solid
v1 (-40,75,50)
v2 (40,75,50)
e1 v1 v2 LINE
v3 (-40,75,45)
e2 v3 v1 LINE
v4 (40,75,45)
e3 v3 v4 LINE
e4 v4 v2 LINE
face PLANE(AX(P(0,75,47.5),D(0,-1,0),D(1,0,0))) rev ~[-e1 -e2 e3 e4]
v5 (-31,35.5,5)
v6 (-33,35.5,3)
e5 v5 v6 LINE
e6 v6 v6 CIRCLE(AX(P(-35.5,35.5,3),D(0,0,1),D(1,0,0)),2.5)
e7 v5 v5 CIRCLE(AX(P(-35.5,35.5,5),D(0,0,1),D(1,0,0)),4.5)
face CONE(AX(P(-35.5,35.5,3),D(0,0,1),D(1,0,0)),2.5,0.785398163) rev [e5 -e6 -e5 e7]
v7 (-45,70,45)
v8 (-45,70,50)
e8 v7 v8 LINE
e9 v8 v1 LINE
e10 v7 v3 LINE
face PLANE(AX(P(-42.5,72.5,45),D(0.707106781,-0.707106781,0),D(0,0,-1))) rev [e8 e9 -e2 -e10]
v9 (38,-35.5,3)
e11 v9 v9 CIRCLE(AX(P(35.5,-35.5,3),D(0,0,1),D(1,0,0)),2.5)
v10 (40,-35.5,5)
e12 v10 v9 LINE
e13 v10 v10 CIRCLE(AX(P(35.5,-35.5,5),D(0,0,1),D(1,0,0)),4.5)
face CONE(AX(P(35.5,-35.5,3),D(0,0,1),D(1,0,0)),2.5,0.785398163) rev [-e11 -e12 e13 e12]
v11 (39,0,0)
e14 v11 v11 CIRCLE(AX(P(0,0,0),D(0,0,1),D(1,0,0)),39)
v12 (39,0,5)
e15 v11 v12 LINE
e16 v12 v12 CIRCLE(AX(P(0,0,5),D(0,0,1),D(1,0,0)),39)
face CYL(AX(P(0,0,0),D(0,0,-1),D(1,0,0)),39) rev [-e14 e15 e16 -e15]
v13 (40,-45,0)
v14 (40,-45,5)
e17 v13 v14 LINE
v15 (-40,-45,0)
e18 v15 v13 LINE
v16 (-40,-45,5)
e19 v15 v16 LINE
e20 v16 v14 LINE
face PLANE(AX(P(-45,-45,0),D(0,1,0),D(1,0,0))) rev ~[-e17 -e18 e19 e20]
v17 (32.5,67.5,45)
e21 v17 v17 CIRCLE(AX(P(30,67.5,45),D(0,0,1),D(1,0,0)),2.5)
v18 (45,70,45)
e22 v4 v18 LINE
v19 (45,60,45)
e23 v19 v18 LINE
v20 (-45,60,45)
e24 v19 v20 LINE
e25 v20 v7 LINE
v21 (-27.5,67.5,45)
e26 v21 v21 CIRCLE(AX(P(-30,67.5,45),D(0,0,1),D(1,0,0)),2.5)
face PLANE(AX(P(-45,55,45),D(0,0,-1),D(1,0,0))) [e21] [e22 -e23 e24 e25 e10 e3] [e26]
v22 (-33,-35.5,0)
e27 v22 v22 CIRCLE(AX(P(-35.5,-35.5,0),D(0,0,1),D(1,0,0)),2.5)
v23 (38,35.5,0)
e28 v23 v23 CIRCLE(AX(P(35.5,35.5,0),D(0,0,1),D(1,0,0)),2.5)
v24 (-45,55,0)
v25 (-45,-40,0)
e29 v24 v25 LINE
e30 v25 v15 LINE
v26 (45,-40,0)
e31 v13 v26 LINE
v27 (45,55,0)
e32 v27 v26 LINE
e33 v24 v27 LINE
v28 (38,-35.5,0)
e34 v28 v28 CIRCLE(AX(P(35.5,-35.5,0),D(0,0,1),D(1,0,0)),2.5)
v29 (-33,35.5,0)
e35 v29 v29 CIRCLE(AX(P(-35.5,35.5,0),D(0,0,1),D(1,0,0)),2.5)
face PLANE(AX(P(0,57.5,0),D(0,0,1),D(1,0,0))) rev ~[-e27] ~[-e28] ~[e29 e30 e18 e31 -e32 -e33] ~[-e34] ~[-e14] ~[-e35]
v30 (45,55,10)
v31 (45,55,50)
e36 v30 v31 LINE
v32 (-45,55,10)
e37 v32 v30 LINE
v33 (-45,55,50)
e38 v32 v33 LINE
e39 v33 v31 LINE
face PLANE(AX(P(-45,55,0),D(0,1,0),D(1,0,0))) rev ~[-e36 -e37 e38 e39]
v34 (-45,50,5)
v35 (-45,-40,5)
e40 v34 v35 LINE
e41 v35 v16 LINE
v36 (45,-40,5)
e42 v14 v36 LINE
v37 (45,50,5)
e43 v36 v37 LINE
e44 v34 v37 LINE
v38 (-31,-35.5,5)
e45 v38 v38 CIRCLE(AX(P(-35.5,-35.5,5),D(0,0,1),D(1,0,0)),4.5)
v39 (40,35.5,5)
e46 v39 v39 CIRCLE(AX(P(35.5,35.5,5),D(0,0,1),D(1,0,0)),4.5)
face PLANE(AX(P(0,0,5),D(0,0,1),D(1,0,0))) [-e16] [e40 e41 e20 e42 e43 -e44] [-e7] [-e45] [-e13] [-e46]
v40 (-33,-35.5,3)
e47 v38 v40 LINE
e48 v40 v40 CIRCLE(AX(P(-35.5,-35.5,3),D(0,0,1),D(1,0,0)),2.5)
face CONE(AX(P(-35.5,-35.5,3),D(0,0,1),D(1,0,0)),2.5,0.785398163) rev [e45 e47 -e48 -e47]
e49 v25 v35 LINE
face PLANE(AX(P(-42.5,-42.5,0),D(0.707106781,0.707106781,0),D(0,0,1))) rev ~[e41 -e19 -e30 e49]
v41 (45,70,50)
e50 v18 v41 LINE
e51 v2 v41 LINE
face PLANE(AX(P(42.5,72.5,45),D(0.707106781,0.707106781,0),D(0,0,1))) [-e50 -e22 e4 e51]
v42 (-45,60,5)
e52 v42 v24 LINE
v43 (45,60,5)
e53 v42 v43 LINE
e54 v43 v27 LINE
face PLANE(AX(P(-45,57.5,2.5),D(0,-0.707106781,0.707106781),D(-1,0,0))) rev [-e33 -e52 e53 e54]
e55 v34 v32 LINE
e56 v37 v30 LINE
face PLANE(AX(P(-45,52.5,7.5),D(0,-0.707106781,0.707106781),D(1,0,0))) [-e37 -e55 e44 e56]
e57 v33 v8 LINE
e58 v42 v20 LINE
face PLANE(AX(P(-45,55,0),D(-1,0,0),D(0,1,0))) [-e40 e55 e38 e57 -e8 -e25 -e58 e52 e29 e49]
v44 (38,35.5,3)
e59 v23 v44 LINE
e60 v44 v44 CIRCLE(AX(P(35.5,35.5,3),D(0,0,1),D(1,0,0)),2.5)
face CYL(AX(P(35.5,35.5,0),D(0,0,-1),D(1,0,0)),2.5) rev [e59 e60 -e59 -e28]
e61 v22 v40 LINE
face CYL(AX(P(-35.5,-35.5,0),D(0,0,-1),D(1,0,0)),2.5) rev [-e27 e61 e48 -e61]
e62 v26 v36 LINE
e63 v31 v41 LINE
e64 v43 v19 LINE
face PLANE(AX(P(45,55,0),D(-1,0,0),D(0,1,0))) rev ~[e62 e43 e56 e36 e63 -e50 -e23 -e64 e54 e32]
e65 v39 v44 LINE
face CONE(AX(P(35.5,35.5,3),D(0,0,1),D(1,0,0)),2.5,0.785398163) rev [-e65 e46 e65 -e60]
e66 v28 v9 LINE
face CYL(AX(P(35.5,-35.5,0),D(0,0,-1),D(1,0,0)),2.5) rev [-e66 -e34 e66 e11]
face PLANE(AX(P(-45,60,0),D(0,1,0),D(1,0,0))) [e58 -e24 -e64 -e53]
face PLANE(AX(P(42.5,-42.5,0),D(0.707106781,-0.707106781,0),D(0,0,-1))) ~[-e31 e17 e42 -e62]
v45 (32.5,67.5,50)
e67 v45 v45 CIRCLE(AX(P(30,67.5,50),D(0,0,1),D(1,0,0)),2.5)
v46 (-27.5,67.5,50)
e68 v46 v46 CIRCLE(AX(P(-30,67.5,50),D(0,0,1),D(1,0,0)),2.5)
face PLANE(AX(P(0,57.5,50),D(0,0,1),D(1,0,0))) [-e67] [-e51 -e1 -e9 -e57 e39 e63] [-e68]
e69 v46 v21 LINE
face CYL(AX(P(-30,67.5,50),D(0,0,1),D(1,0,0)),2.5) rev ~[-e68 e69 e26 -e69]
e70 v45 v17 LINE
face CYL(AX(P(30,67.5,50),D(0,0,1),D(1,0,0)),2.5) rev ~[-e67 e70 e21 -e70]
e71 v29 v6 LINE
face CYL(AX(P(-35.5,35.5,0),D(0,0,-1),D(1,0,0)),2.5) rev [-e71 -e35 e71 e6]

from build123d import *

# Parameters (mm, degrees)
F0_W     = 90
F0_H     = 90
F0_W_2   = 80
F0_H_2   = 80
F0_R     = 2.5
F0_R_2   = 39
F0_H_3   = 10
F1_DEPTH = 5
F0_H_4   = 5
F2_DEPTH = 50
F3_W     = 90
F3_H     = 5
F4_DEPTH = 20
F5_R     = 2.5
F6_DEPTH = 10
F7_SIZE  = 5
F8_SIZE  = 2


with BuildPart() as f1:
    # F0 (on Top) → F1 (new body)
    with BuildSketch(Plane.XY):
        Rectangle(F0_W, F0_H)
        Rectangle(F0_W_2, F0_H_2, mode=Mode.SUBTRACT)
        Rectangle(F0_W_2, F0_H_2)
        with Locations((-35.5, -35.5)):
            Circle(F0_R, mode=Mode.SUBTRACT)
        with Locations((35.5, -35.5)):
            Circle(F0_R, mode=Mode.SUBTRACT)
        Circle(F0_R_2, mode=Mode.SUBTRACT)
        with Locations((-35.5, 35.5)):
            Circle(F0_R, mode=Mode.SUBTRACT)
        with Locations((35.5, 35.5)):
            Circle(F0_R, mode=Mode.SUBTRACT)
        with Locations((0, 50)):
            Rectangle(F0_W, F0_H_3)
    extrude(amount=F1_DEPTH)

    # F0 (on Top) → F2 (join)
    with BuildSketch(Plane.XY):
        with Locations((0, 57.5)):
            Rectangle(F0_W, F0_H_4)
    extrude(amount=F2_DEPTH)

    # F3 (on face) → F4 (join)
    with BuildSketch(Plane.XZ.offset(-55)):
        with Locations((0, 47.5)):
            Rectangle(F3_W, F3_H)
    extrude(amount=-F4_DEPTH)

    # F5 (on face) → F6 (cut)
    with BuildSketch(Plane.XY.offset(50)):
        with Locations((30, 67.5)):
            Circle(F5_R)
        with Locations((-30, 67.5)):
            Circle(F5_R)
    extrude(amount=-F6_DEPTH, mode=Mode.SUBTRACT)

    # F7
    f7_edges = [f1.edges().sort_by_distance(p)[0] for p in [
        (-45, -45, 2.5),
        (45, -45, 2.5),
        (45, 75, 47.5),
        (-45, 75, 47.5),
        (0, 55, 5),
        (0, 60, 0),
    ]]
    chamfer(f7_edges, length=F7_SIZE)

    # F8
    f8_edges = [f1.edges().sort_by_distance(p)[0] for p in [
        (-38, -35.5, 5),
        (33, -35.5, 5),
        (33, 35.5, 5),
        (-38, 35.5, 5),
    ]]
    chamfer(f8_edges, length=F8_SIZE)


solid = f1.part
